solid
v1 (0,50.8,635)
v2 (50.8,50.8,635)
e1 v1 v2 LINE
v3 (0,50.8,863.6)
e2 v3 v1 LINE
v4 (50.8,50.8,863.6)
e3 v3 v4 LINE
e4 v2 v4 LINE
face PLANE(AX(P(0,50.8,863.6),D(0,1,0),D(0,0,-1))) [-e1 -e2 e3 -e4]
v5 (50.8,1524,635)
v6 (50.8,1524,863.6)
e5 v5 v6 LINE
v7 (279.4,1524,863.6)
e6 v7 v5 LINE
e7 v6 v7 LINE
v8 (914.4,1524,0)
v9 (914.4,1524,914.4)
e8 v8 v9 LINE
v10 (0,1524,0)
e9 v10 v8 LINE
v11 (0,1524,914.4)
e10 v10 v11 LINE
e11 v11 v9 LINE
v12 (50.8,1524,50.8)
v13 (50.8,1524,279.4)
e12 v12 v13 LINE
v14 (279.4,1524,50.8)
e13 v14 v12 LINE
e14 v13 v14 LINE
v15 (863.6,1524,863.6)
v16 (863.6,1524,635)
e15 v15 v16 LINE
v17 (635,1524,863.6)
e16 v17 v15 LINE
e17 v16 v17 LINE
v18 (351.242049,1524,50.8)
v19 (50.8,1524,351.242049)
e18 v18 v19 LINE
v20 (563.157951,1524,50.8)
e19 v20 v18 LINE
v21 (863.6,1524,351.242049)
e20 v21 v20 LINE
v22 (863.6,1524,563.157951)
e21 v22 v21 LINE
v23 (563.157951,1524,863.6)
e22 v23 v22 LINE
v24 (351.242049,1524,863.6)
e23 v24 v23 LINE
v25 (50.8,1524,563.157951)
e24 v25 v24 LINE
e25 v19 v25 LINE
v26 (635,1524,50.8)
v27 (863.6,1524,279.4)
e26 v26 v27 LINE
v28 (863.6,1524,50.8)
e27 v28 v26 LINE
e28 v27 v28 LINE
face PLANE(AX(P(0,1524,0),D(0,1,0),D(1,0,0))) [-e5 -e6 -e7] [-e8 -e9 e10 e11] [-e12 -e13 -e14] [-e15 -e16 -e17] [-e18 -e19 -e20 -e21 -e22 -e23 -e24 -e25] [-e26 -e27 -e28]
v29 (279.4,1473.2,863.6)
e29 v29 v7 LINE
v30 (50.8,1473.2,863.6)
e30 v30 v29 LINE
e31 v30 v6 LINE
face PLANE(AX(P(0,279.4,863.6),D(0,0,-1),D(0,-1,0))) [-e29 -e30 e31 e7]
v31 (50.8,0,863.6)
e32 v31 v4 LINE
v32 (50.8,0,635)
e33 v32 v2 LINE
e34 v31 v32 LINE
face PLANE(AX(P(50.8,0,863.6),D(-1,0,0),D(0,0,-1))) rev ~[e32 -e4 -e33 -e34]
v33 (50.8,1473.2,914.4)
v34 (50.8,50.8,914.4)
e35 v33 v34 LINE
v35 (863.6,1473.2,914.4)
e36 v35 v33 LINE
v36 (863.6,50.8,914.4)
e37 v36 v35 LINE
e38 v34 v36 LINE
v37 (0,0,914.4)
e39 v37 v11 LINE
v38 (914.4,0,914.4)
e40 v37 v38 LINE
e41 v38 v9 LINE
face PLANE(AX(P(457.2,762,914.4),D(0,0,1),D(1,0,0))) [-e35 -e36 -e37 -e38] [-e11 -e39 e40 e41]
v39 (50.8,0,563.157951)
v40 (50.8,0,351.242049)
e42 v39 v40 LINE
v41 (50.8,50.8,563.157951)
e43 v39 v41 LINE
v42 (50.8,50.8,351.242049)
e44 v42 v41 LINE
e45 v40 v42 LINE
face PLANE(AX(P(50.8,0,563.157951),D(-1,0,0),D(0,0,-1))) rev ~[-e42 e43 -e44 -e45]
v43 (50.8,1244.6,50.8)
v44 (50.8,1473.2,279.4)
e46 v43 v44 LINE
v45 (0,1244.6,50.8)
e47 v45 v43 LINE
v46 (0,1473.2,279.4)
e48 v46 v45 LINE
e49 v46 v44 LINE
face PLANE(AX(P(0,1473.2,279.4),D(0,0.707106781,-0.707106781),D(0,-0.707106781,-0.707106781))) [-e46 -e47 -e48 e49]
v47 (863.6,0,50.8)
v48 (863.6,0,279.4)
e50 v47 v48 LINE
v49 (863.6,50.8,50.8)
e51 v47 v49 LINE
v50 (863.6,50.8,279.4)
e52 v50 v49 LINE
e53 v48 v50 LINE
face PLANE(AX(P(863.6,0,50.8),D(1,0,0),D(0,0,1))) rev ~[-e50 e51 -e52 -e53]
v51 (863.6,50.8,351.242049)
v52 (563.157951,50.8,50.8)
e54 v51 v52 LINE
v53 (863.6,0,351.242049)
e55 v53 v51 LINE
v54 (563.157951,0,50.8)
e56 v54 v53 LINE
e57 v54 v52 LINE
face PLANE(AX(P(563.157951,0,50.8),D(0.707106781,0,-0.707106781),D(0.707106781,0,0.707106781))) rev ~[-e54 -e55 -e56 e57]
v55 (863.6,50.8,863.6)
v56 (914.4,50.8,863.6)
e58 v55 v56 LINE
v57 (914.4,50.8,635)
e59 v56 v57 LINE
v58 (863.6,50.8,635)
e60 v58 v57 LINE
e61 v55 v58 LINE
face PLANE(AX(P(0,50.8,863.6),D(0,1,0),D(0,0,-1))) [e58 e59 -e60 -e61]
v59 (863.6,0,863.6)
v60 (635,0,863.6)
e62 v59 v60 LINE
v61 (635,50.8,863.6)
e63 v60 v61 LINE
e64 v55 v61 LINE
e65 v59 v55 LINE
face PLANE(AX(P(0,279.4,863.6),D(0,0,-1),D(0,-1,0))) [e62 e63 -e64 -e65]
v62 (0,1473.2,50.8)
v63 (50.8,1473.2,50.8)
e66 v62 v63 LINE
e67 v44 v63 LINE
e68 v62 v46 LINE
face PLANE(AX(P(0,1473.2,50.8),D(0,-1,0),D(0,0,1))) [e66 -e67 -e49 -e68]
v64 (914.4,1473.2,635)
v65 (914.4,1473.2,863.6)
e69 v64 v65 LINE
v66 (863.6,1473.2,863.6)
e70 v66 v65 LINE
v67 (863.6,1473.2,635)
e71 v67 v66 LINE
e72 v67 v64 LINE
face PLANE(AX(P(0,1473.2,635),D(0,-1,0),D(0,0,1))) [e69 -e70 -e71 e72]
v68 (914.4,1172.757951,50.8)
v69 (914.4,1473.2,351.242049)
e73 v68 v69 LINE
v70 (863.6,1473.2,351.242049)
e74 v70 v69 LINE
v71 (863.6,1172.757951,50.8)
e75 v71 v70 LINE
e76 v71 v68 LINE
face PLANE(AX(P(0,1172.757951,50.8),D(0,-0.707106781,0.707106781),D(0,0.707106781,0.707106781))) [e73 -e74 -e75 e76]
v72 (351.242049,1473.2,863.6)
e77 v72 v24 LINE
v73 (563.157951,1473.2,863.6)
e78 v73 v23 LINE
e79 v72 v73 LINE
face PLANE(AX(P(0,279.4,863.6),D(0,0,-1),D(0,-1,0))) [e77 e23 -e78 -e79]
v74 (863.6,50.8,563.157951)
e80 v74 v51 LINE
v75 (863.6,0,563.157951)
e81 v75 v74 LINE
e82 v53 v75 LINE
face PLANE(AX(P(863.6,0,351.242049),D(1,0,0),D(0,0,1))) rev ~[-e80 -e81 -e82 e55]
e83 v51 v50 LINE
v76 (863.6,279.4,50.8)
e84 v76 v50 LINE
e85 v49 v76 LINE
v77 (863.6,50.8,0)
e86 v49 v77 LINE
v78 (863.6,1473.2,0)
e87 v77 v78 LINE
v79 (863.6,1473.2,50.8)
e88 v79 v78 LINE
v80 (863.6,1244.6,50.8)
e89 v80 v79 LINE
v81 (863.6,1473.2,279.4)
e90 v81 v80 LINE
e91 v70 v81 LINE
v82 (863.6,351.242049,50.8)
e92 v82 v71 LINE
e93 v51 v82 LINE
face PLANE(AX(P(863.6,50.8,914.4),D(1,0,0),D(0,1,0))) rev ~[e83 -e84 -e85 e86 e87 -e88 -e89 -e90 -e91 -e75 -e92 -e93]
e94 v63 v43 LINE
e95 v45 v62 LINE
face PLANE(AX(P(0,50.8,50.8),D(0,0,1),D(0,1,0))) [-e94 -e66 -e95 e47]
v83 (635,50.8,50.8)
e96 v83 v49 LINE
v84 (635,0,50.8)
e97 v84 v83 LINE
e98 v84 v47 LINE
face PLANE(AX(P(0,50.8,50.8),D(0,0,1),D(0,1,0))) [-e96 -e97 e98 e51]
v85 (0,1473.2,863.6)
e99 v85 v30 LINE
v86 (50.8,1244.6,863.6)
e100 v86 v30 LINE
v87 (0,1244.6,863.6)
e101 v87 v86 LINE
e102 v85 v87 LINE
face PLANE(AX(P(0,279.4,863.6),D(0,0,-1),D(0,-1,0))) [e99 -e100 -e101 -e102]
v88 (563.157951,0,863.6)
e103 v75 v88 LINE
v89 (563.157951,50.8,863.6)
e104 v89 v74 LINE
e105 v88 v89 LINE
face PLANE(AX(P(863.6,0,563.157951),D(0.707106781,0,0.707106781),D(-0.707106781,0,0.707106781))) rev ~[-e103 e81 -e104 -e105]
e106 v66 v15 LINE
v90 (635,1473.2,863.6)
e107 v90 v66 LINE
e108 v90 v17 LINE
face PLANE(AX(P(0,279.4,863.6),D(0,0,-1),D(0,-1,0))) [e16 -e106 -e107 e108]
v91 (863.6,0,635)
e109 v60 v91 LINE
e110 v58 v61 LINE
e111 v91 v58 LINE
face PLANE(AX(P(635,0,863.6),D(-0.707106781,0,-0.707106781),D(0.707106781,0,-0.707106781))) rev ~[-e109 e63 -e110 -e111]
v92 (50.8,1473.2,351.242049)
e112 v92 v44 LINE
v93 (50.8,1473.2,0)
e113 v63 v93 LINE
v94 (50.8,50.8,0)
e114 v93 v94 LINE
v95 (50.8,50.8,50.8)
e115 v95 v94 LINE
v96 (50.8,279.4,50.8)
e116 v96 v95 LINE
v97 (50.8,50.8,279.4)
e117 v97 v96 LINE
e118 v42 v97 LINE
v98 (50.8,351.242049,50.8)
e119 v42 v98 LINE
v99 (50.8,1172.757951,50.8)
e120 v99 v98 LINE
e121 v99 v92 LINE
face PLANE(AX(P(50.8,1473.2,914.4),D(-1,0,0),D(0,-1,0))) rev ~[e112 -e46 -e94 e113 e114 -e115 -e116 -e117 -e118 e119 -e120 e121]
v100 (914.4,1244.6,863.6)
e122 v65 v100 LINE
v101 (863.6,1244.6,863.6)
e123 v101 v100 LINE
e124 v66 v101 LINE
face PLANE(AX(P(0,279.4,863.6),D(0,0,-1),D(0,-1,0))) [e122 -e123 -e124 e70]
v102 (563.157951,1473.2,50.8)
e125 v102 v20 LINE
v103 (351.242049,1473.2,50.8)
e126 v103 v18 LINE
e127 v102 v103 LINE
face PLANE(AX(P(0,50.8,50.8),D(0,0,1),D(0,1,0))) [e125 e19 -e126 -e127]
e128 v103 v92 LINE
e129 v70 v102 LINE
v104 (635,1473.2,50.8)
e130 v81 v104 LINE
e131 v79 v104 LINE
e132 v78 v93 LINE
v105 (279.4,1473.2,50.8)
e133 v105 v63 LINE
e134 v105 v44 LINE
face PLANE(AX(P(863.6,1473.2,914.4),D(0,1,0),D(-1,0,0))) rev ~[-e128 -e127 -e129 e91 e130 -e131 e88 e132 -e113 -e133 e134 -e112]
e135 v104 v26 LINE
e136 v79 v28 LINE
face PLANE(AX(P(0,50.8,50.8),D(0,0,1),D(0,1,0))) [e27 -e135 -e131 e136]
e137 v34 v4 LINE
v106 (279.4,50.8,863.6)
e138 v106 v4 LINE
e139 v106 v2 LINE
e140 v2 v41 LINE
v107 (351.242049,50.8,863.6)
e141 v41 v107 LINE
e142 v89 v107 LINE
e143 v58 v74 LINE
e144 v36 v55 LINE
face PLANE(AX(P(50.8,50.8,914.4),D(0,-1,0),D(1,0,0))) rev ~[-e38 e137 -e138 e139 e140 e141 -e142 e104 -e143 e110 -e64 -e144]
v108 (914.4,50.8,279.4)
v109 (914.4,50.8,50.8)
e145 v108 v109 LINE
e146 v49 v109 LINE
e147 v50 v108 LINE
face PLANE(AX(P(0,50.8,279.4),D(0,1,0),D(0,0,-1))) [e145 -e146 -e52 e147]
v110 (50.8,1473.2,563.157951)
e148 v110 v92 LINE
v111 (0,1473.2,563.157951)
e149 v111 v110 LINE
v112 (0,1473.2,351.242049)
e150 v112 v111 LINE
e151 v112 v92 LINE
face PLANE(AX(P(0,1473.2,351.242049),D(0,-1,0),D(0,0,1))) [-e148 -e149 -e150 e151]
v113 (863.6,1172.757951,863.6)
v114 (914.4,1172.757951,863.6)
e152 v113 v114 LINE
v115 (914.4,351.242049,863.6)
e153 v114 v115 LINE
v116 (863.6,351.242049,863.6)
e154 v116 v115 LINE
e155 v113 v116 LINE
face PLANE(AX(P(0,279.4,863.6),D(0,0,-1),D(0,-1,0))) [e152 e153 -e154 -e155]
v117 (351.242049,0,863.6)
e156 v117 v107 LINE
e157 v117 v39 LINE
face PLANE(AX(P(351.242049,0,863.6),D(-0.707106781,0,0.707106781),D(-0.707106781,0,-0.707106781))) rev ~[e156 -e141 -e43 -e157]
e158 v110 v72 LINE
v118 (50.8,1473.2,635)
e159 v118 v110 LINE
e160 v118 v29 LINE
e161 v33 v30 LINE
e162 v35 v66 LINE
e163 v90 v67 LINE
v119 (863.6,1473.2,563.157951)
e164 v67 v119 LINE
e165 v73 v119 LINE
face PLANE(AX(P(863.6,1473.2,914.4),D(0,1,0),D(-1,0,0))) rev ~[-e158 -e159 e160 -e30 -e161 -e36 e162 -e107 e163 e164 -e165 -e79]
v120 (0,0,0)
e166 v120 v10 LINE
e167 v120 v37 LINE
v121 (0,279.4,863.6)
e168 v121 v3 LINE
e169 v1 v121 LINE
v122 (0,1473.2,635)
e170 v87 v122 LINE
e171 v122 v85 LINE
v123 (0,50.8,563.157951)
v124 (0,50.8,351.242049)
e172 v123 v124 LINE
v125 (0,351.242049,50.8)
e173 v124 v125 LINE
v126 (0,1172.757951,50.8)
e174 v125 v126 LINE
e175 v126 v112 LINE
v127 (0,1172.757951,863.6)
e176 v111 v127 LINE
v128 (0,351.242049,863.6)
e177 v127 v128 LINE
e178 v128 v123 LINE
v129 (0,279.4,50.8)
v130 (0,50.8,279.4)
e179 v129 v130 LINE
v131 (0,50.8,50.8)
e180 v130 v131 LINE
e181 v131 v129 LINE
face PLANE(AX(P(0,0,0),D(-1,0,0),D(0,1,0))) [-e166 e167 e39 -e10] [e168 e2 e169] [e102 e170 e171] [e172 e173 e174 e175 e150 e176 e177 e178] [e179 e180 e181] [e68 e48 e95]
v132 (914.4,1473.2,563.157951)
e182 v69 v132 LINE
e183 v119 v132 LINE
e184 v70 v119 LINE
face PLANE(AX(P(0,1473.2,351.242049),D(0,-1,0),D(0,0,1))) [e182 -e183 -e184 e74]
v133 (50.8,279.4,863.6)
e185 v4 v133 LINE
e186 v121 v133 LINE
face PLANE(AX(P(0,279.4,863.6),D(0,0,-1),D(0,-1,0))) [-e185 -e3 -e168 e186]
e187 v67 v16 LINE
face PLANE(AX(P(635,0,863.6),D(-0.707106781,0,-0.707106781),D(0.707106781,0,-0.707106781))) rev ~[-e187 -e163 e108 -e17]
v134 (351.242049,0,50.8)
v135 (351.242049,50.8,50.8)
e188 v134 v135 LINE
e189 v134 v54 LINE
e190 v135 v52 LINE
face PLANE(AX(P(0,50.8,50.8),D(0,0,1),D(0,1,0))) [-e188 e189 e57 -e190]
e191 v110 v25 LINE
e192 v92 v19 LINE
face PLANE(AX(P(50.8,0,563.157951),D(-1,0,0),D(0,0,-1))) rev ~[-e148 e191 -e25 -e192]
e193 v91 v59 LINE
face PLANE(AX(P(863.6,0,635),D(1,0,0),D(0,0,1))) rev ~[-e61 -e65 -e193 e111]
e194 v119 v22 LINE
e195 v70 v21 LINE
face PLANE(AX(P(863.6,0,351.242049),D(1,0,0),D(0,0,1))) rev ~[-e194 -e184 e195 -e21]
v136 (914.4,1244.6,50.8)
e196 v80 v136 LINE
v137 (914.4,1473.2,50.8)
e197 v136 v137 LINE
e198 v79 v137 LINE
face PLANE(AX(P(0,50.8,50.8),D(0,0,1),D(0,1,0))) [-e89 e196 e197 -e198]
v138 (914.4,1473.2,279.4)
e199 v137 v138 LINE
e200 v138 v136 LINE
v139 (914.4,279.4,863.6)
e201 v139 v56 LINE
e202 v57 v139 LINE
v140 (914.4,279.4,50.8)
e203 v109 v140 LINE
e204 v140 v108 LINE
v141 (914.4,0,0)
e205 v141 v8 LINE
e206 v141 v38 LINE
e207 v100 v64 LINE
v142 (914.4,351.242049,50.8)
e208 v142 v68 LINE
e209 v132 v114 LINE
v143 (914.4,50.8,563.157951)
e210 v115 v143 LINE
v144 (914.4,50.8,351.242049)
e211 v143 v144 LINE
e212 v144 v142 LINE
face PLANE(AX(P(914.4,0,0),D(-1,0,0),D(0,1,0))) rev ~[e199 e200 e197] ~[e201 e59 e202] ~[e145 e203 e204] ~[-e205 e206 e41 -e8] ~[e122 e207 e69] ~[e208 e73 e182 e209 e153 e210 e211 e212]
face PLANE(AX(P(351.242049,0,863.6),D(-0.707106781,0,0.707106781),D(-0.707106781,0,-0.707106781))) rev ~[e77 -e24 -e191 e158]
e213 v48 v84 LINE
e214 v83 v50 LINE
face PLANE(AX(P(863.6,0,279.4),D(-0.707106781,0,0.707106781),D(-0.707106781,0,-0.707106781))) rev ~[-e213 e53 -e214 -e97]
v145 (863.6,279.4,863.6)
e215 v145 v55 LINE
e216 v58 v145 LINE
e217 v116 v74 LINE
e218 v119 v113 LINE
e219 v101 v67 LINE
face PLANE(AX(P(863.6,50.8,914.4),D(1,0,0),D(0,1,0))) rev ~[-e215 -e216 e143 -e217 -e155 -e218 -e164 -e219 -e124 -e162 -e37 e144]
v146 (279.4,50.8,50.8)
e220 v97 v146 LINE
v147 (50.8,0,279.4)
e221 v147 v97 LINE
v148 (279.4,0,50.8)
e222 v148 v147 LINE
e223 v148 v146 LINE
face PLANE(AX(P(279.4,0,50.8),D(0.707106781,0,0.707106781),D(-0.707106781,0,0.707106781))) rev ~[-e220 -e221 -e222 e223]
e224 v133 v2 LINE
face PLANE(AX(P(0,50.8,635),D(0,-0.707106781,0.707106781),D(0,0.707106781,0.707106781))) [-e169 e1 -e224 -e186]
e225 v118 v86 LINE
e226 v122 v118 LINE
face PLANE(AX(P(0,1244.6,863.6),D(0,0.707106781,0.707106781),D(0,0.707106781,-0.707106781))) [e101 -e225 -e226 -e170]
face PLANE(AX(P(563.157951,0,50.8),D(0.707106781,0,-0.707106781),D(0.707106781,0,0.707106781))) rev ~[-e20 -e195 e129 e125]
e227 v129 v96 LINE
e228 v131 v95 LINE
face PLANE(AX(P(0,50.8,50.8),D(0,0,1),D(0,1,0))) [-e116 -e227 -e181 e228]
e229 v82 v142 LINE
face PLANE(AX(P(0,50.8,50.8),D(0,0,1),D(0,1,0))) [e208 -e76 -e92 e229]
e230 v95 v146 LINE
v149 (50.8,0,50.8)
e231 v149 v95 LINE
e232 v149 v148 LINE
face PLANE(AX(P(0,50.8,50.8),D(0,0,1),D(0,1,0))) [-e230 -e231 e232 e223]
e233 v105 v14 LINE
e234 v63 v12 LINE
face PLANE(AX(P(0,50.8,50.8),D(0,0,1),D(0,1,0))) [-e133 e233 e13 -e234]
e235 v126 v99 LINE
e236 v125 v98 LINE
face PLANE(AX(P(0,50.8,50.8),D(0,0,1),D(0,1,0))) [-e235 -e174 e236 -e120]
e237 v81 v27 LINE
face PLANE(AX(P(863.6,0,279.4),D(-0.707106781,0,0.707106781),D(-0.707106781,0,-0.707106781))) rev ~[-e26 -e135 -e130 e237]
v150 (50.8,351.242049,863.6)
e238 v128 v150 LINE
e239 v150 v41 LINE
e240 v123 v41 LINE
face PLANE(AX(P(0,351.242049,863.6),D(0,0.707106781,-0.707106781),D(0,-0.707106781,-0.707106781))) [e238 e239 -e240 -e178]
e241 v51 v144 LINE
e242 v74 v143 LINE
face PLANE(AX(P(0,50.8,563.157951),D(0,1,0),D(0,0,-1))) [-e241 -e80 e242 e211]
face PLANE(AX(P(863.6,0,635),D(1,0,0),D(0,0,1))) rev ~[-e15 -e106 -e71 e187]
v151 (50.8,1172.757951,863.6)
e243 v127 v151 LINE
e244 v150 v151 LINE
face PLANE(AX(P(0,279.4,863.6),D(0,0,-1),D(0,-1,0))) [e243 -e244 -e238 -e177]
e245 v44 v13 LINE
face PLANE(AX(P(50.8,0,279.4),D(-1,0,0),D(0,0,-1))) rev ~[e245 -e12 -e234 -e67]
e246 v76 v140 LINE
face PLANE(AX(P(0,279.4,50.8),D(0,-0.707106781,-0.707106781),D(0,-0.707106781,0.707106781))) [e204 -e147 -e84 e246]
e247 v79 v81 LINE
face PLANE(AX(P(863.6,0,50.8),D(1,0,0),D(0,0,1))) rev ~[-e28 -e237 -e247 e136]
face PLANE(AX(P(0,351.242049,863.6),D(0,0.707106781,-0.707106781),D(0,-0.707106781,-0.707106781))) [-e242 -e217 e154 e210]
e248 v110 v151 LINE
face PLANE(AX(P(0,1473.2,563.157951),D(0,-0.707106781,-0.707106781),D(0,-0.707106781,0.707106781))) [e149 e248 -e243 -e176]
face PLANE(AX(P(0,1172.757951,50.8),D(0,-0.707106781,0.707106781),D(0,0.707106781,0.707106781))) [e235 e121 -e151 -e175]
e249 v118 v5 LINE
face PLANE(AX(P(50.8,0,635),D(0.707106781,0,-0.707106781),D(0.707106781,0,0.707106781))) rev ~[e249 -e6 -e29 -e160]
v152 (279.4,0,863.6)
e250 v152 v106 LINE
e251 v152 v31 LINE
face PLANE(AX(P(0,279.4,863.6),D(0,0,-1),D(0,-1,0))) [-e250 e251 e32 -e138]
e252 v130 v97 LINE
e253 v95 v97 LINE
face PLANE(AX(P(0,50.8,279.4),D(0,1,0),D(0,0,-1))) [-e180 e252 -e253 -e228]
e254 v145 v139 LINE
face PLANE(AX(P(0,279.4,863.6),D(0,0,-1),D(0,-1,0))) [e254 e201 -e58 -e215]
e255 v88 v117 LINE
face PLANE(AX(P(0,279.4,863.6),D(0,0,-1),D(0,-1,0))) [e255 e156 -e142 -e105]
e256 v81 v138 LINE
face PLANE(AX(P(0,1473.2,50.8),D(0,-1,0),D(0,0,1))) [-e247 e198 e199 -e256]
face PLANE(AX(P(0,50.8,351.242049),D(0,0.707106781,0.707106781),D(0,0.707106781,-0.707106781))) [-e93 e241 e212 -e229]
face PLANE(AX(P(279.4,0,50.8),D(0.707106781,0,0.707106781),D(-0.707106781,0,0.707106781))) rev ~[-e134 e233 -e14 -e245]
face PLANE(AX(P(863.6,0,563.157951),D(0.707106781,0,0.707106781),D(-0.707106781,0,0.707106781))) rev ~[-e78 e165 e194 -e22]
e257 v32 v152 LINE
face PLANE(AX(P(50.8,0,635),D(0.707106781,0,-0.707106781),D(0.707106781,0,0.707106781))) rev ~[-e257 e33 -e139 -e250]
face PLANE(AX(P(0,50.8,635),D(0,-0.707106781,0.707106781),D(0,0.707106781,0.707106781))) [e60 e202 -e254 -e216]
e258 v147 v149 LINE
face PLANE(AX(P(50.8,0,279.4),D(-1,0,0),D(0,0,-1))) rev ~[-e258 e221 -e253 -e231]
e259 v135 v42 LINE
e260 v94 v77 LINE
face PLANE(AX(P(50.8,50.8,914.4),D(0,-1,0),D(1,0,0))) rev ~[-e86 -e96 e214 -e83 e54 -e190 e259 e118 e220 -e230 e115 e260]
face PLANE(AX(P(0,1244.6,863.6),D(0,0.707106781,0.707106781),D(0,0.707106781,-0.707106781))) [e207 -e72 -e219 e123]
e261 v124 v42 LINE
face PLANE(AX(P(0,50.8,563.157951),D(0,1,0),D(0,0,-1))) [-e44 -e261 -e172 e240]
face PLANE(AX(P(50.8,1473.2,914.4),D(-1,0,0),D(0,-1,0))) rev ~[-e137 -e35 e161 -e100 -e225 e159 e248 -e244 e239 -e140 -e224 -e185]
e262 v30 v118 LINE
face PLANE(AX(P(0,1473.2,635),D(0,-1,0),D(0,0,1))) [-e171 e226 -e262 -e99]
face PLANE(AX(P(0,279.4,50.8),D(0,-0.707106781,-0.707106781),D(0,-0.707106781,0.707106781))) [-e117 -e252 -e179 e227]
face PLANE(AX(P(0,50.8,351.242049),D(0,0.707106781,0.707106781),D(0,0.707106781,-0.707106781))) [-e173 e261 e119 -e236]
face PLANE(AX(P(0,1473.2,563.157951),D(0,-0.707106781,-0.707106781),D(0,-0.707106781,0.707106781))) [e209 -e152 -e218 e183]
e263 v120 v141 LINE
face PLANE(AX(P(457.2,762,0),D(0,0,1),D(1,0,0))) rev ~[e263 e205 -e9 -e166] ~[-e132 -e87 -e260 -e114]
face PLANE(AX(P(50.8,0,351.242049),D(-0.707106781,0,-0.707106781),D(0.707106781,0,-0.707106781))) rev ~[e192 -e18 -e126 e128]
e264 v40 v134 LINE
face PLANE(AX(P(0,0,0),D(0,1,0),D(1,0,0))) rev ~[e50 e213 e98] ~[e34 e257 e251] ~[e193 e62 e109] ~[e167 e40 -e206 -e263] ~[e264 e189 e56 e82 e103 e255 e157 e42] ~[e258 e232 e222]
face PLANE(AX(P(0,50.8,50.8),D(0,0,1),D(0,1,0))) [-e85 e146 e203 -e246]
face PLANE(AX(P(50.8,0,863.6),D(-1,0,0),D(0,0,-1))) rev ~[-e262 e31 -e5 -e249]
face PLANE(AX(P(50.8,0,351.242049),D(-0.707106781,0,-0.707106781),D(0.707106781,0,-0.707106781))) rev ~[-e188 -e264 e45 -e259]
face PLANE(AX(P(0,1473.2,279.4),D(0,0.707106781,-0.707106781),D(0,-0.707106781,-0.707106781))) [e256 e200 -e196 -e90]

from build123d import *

# Parameters (mm, degrees)
F0_W     = 914.4
F0_H     = 1524
F1_DEPTH = 914.4
F3_DEPTH = 2540
F5_DEPTH = 2540
F7_DEPTH = 914.4


with BuildPart() as f1:
    # F0 (on Top) → F1 (new body)
    with BuildSketch(Plane.XY):
        with Locations((457.2, 762)):
            Rectangle(F0_W, F0_H)
    extrude(amount=F1_DEPTH)

    # F2 (on Right) → F3 (cut)
    with BuildSketch(Plane.YZ):
        Polygon((1244.6, 863.6), (1473.2, 635), (1473.2, 863.6), align=None)
        Polygon((1244.6, 50.8), (1473.2, 50.8), (1473.2, 279.4), align=None)
        Polygon((1172.757951, 50.8), (1473.2, 351.242049), (1473.2, 563.157951), (1172.757951, 863.6), (351.242049, 863.6), (50.8, 563.157951), (50.8, 351.242049), (351.242049, 50.8), align=None)
        Polygon((50.8, 635), (279.4, 863.6), (50.8, 863.6), align=None)
        Polygon((50.8, 50.8), (279.4, 50.8), (50.8, 279.4), align=None)
    extrude(amount=F3_DEPTH, mode=Mode.SUBTRACT)

    # F4 (on Front) → F5 (cut)
    with BuildSketch(Plane.XZ):
        Polygon((50.8, 351.242049), (351.242049, 50.8), (563.157951, 50.8), (863.6, 351.242049), (863.6, 563.157951), (563.157951, 863.6), (351.242049, 863.6), (50.8, 563.157951), align=None)
        Polygon((50.8, 863.6), (50.8, 635), (279.4, 863.6), align=None)
        Polygon((50.8, 279.4), (50.8, 50.8), (279.4, 50.8), align=None)
        Polygon((863.6, 279.4), (635, 50.8), (863.6, 50.8), align=None)
        Polygon((635, 863.6), (863.6, 635), (863.6, 863.6), align=None)
    extrude(amount=-F5_DEPTH, mode=Mode.SUBTRACT)

    # F6 (on face) → F7 (cut)
    with BuildSketch(Plane.XY.offset(914.4)):
        Polygon((50.8, 1473.2), (50.8, 1472.929239), (50.8, 50.8), (863.6, 50.8), (863.6, 1473.2), align=None)
    extrude(amount=-F7_DEPTH, mode=Mode.SUBTRACT)


solid = f1.part
